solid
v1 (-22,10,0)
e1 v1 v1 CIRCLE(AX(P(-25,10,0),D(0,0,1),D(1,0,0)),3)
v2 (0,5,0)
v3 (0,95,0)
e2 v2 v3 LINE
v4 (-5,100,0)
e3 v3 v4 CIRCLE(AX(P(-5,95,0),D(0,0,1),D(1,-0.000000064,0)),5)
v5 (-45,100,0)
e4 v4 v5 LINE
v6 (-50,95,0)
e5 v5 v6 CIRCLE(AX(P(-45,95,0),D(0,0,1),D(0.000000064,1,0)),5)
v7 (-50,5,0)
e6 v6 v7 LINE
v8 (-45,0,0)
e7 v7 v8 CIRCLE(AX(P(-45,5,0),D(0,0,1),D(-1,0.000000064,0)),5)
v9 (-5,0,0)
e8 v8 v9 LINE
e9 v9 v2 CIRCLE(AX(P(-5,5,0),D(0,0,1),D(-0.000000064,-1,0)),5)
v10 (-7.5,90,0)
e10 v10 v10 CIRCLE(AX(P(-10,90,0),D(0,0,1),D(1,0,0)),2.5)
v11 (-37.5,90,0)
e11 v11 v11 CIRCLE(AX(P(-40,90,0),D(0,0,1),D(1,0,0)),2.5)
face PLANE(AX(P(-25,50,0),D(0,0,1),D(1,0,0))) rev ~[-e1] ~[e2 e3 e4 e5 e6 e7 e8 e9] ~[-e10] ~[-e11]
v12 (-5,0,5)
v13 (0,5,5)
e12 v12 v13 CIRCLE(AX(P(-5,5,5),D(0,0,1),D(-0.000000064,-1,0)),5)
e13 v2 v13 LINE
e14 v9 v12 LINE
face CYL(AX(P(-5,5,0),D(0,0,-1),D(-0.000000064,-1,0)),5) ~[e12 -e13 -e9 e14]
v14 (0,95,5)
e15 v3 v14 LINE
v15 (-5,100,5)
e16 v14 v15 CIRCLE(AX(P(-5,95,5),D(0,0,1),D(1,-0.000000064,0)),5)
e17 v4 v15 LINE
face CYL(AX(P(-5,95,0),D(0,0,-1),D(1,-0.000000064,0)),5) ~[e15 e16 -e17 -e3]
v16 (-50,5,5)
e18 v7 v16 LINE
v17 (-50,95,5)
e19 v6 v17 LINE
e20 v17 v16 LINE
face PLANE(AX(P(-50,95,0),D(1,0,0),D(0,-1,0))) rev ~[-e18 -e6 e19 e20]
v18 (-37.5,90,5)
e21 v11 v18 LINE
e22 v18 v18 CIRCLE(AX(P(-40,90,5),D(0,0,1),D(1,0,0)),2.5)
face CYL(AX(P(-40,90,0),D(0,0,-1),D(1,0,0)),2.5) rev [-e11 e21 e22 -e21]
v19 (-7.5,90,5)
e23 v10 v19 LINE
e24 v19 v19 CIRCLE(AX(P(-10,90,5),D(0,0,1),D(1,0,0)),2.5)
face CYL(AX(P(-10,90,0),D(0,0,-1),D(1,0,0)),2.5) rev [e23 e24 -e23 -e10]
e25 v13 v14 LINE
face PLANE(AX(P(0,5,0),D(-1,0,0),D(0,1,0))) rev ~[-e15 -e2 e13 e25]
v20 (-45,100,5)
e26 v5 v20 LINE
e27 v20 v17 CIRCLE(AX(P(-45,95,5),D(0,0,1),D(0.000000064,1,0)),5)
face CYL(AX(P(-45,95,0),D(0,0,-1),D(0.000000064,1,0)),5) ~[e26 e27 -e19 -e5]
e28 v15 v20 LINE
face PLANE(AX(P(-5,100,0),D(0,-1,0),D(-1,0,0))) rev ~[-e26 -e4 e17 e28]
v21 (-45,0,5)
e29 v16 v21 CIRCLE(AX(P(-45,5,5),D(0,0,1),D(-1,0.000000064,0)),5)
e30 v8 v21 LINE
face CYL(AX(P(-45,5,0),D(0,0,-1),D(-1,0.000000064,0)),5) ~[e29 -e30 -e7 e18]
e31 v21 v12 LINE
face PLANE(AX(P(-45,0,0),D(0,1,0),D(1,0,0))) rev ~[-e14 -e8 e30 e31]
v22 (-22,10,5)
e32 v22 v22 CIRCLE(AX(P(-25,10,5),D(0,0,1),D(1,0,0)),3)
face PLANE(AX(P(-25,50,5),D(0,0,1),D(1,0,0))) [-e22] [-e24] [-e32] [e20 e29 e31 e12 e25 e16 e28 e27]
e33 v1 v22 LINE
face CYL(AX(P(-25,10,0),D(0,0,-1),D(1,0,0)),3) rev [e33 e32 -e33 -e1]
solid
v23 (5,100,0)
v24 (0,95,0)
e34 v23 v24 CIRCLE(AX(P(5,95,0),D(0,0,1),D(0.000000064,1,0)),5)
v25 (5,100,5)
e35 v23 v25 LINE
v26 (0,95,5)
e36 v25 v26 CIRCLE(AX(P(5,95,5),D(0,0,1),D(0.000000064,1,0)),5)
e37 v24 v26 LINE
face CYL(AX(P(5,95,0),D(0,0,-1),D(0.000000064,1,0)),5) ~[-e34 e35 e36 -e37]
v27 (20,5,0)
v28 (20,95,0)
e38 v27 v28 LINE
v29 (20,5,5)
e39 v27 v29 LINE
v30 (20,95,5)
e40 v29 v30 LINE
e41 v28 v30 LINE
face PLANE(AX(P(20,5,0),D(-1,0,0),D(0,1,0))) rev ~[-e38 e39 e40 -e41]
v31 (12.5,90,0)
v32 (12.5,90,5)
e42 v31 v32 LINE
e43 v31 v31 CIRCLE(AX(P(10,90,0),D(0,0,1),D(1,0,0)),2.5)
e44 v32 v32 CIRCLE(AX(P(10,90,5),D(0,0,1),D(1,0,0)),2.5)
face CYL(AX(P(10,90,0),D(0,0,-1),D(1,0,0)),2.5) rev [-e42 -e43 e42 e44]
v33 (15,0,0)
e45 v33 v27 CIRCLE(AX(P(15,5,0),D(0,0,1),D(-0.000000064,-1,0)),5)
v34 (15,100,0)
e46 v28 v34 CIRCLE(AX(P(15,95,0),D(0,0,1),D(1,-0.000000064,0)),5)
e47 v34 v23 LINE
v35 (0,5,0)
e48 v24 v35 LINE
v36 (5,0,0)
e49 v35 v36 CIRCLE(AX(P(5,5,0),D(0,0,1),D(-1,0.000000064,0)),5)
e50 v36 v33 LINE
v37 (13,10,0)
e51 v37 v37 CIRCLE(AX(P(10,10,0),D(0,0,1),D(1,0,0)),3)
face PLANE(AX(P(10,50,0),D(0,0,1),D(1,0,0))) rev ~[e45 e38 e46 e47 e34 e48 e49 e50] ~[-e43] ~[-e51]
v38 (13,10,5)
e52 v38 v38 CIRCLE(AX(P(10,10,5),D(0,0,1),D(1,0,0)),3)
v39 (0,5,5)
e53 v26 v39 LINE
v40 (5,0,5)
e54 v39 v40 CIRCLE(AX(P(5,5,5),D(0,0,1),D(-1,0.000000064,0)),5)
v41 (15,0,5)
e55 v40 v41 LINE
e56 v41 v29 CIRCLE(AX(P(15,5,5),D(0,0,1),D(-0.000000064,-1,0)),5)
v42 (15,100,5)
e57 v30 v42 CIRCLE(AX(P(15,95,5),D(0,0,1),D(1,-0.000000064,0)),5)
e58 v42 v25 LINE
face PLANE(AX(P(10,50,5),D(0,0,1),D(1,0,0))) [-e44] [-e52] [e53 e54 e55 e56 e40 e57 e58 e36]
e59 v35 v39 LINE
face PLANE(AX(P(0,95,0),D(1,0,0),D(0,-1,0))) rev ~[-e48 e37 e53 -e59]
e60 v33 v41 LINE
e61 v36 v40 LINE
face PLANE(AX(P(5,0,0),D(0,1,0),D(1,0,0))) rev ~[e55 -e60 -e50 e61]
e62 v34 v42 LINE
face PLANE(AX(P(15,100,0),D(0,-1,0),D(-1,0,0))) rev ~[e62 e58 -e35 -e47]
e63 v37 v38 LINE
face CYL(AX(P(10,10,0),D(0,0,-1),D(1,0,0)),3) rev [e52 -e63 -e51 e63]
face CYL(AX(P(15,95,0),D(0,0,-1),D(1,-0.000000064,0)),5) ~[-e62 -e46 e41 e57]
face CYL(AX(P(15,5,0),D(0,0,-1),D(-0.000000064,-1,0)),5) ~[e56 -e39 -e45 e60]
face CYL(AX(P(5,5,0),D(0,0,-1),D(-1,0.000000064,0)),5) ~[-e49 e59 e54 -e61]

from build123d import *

# Parameters (mm, degrees)
F0_R     = 3
F0_R_2   = 2.5
F1_DEPTH = 5
F2_R     = 3
F2_R_2   = 2.5
F3_DEPTH = 5


with BuildPart() as f1:
    # F0 (on Top) → F1 (new body)
    with BuildSketch(Plane.XY):
        with BuildLine():
            ThreePointArc((0, 5), (1.464466, 1.464466), (5, 0))
            Line((5, 0), (15, 0))
            ThreePointArc((15, 0), (18.535534, 1.464466), (20, 5))
            Line((20, 5), (20, 95))
            ThreePointArc((20, 95), (18.535534, 98.535534), (15, 100))
            Line((15, 100), (5, 100))
            ThreePointArc((5, 100), (1.464466, 98.535534), (0, 95))
            Line((0, 95), (0, 5))
        make_face()
        with Locations((10, 10)):
            Circle(F0_R, mode=Mode.SUBTRACT)
        with Locations((10, 90)):
            Circle(F0_R_2, mode=Mode.SUBTRACT)
    extrude(amount=F1_DEPTH)


with BuildPart() as f3:
    # F2 (on Top) → F3 (new body)
    with BuildSketch(Plane.XY):
        with BuildLine():
            Line((-45, 0), (-5, 0))
            ThreePointArc((-5, 0), (-1.464466, 1.464466), (0, 5))
            Line((0, 5), (0, 95))
            ThreePointArc((0, 95), (-1.464466, 98.535534), (-5, 100))
            Line((-5, 100), (-45, 100))
            ThreePointArc((-45, 100), (-48.535534, 98.535534), (-50, 95))
            Line((-50, 95), (-50, 5))
            ThreePointArc((-50, 5), (-48.535534, 1.464466), (-45, 0))
        make_face()
        with Locations((-25, 10)):
            Circle(F2_R, mode=Mode.SUBTRACT)
        with Locations((-40, 90)):
            Circle(F2_R_2, mode=Mode.SUBTRACT)
        with Locations((-10, 90)):
            Circle(F2_R_2, mode=Mode.SUBTRACT)
    extrude(amount=F3_DEPTH)


solid = Compound([f1.part, f3.part])
